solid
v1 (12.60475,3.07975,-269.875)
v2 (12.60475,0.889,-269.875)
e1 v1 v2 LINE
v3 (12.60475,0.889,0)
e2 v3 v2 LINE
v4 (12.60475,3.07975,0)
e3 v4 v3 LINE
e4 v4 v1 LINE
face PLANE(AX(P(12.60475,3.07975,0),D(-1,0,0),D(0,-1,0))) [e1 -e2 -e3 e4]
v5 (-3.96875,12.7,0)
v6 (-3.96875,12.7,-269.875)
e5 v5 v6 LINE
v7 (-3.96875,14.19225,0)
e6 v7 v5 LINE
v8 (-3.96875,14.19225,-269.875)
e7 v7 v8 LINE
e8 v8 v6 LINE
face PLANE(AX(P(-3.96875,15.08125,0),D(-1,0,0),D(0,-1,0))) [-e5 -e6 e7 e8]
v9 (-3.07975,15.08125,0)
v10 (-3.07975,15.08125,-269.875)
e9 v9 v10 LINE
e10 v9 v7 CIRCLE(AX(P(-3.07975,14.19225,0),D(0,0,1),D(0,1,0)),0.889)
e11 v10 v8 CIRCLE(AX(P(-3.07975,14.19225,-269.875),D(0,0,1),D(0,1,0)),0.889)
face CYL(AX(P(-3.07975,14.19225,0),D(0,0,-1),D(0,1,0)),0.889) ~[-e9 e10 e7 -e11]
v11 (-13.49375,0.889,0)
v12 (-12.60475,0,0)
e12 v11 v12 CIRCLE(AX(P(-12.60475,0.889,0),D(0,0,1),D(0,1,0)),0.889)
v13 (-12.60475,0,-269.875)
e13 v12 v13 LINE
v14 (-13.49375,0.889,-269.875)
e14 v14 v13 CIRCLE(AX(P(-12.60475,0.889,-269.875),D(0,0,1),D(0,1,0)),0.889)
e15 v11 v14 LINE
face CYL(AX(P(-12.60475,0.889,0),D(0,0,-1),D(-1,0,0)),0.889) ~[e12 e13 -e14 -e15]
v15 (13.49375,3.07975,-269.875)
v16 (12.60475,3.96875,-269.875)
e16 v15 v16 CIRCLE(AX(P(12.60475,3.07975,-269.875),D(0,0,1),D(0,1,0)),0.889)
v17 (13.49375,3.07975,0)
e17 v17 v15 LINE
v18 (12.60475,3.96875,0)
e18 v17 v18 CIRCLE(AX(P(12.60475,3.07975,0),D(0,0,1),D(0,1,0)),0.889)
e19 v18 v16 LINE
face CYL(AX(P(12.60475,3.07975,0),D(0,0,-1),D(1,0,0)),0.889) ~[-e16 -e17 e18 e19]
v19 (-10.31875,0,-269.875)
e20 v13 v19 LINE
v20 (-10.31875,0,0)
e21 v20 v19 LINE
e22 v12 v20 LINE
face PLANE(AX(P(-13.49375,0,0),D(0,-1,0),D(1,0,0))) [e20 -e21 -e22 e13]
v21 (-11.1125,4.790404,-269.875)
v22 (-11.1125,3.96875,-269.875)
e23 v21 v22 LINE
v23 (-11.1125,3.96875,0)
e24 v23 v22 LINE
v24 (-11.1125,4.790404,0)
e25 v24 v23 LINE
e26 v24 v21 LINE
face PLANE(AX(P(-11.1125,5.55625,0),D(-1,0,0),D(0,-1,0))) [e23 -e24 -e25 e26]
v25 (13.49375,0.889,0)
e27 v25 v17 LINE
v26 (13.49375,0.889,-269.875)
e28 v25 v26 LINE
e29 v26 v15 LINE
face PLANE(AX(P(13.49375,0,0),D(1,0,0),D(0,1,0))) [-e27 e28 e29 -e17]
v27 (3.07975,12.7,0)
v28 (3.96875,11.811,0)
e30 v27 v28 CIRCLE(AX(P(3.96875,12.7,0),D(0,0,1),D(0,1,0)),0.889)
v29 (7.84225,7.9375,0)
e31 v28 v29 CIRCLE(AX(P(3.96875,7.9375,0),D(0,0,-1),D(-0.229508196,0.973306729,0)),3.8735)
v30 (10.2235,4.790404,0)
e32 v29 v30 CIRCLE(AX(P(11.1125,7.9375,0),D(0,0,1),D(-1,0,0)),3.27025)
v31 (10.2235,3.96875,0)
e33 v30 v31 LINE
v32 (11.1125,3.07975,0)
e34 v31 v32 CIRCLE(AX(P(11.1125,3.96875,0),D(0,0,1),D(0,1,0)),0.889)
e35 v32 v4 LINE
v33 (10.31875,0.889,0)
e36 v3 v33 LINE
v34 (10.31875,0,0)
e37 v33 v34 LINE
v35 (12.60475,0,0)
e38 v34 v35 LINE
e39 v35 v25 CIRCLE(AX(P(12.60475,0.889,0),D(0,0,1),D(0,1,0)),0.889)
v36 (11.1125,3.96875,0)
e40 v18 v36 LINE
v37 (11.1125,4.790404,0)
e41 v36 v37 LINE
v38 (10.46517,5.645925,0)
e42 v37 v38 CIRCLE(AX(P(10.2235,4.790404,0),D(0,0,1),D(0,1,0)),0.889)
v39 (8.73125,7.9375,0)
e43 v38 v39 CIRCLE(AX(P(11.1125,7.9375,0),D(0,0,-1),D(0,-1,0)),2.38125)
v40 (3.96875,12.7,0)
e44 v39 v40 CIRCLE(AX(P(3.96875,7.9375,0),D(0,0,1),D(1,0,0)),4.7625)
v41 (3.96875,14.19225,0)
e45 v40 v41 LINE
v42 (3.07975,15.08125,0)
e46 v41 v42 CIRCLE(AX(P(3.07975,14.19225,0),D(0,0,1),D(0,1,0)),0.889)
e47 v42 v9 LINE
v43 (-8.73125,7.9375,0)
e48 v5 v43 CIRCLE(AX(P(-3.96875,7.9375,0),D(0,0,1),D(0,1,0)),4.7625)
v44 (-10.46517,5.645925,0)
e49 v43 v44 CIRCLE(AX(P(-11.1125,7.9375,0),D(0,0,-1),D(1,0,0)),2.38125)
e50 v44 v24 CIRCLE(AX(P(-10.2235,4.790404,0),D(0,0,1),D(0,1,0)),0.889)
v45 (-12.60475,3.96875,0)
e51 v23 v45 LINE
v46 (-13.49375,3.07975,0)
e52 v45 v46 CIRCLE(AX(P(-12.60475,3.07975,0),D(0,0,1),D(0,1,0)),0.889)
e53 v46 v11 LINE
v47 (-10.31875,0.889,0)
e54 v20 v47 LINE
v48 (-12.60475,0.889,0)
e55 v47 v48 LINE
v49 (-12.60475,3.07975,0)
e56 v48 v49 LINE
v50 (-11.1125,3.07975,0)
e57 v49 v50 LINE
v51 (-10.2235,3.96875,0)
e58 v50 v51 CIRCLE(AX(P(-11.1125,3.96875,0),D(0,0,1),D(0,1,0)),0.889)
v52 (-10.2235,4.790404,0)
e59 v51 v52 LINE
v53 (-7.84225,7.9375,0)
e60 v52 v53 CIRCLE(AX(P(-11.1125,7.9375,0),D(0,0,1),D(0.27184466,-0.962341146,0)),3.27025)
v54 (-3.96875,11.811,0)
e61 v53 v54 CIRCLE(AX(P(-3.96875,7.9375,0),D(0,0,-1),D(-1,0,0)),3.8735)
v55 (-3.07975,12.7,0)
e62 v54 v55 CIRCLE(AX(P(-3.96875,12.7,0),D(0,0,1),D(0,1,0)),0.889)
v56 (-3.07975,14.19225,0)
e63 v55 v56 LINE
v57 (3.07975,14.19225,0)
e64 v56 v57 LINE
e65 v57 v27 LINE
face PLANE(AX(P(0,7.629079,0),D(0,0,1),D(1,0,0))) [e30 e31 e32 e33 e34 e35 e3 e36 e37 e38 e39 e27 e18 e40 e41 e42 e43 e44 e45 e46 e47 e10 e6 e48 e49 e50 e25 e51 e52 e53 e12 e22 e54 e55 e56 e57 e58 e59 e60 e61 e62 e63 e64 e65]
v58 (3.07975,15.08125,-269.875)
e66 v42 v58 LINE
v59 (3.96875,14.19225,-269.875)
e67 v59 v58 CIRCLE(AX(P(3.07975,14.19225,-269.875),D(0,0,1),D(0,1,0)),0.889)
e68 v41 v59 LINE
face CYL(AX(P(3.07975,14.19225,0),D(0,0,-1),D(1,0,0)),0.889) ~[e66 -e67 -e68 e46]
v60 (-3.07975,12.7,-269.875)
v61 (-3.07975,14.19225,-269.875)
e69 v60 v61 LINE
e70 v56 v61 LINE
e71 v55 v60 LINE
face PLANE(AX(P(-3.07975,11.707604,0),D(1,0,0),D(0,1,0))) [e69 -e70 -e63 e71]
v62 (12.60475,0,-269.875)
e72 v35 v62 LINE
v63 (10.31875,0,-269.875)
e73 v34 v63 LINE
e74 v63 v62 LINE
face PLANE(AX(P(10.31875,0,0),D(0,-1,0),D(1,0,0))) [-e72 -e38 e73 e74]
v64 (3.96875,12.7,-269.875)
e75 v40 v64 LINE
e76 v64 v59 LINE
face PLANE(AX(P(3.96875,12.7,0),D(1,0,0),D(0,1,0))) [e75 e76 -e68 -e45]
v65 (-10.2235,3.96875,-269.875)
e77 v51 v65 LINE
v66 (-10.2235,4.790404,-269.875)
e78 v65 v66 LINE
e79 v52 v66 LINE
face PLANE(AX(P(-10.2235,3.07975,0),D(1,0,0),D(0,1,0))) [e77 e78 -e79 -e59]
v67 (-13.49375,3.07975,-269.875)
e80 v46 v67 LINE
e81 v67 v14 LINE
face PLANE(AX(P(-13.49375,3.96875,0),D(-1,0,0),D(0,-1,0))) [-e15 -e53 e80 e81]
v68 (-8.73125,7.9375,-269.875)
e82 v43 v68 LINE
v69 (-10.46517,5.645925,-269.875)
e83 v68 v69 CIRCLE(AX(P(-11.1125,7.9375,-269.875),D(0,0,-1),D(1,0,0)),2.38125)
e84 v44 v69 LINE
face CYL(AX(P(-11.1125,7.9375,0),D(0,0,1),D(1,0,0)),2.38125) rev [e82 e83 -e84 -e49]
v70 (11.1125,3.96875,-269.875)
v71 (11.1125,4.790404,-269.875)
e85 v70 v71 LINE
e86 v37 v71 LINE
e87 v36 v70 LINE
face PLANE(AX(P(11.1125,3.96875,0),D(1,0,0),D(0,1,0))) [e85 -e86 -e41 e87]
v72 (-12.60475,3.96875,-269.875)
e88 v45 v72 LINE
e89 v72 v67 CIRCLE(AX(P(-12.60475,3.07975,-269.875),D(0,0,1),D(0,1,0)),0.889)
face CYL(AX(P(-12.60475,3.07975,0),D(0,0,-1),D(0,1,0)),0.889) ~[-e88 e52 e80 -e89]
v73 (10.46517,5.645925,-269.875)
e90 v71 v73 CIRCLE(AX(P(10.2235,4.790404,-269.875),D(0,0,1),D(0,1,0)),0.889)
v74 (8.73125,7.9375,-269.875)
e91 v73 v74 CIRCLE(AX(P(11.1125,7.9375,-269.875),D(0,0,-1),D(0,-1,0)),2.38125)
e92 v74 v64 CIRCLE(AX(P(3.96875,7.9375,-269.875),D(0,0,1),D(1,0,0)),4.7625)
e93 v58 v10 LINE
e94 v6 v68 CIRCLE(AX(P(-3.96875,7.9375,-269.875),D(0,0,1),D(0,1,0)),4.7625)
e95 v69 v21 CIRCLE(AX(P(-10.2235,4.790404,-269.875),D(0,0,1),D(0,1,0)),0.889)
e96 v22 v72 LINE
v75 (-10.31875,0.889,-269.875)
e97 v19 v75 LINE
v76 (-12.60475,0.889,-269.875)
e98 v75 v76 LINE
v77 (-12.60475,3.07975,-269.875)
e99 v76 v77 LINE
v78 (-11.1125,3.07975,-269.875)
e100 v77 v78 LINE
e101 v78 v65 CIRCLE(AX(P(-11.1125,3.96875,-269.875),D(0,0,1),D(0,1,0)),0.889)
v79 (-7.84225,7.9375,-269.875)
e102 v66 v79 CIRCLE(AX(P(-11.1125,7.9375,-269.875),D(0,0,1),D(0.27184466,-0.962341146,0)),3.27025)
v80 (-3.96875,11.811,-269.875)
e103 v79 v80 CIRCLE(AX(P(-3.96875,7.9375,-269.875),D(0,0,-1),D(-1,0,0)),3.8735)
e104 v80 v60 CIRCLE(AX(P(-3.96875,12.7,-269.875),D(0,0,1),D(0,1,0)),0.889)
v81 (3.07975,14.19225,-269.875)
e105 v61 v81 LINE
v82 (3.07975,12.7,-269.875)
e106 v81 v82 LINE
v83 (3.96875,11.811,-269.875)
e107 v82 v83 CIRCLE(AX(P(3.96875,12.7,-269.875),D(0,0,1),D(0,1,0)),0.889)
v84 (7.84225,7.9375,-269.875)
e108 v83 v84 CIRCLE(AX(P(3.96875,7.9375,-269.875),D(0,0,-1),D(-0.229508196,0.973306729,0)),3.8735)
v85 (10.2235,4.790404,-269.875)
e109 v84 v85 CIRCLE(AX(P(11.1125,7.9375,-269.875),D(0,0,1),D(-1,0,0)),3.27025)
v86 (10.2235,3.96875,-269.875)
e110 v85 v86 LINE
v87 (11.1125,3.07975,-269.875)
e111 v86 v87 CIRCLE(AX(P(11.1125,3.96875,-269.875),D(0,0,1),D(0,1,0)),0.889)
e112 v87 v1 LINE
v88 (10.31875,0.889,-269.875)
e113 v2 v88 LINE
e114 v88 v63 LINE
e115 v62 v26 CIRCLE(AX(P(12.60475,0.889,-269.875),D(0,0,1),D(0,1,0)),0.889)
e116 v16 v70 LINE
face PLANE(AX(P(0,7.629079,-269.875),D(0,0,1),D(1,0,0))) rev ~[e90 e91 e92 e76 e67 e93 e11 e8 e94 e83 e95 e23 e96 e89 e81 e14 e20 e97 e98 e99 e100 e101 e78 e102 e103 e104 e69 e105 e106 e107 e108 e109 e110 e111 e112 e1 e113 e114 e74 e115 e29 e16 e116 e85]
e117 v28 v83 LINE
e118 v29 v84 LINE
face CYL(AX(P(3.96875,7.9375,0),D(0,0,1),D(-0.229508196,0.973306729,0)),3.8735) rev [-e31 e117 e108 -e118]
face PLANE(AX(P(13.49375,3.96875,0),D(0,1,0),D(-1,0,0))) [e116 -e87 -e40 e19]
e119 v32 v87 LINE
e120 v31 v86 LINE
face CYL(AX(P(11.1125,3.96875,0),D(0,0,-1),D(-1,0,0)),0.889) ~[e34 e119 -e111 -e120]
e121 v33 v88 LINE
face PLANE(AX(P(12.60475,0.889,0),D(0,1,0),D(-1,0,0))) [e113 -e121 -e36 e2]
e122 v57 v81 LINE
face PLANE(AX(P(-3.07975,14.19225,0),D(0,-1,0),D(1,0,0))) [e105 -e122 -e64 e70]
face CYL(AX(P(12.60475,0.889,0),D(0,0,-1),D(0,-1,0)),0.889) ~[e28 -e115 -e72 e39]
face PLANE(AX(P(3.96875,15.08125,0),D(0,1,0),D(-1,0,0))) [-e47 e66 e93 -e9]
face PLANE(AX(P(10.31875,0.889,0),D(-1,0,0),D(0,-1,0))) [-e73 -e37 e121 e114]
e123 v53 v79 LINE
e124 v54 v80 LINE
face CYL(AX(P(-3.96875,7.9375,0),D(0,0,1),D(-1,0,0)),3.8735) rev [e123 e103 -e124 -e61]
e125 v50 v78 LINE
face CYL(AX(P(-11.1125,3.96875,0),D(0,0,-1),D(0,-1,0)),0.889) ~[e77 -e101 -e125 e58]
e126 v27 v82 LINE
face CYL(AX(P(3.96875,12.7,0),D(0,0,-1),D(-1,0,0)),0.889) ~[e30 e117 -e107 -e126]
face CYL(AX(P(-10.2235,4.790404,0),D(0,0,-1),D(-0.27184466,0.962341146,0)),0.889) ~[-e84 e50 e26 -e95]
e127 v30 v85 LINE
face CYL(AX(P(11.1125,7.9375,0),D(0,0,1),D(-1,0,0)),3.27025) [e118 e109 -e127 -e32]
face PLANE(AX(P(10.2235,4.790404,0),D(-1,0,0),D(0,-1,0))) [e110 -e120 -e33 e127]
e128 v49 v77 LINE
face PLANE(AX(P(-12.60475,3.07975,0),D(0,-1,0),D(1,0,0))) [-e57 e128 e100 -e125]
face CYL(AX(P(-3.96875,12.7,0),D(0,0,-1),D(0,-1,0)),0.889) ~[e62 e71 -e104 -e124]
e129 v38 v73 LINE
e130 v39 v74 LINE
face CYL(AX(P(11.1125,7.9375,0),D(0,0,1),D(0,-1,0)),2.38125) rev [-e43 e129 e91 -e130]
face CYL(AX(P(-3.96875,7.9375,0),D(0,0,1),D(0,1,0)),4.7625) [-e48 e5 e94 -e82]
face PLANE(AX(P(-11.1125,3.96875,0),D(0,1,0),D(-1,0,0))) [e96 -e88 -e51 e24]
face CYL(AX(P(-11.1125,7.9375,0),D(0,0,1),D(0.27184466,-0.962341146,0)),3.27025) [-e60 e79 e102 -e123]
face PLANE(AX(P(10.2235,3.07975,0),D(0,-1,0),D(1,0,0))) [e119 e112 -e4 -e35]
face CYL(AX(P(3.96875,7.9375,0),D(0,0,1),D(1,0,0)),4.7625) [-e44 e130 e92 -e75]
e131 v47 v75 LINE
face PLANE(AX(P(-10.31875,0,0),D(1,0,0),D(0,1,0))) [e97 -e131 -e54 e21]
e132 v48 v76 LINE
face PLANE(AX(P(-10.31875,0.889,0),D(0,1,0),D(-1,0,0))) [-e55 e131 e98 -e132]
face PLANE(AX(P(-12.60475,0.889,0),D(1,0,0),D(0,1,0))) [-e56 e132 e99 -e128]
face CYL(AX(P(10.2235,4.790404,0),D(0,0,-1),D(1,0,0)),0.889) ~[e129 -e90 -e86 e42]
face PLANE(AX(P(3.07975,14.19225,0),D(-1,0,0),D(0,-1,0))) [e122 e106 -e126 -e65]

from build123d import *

# Parameters (mm, degrees)
EXTRUDE_THIN1_DEPTH = 269.875
FILLET1_R           = 0.889


with BuildPart() as part:
    # Sketch1 → Extrude-Thin1 (new body)
    with BuildSketch(Plane.XY):
        with BuildLine():
            Line((10.31875, 0), (13.49375, 0))
            Line((13.49375, 0), (13.49375, 3.96875))
            Line((13.49375, 3.96875), (11.1125, 3.96875))
            Line((11.1125, 3.96875), (11.1125, 5.55625))
            ThreePointArc((11.1125, 5.55625), (9.428701977, 6.253701977), (8.73125, 7.9375))
            ThreePointArc((8.73125, 7.9375), (7.336346045, 11.305096045), (3.96875, 12.7))
            Line((3.96875, 12.7), (3.96875, 15.08125))
            Line((3.96875, 15.08125), (-3.96875, 15.08125))
            Line((-3.96875, 15.08125), (-3.96875, 12.7))
            ThreePointArc((-3.96875, 12.7), (-7.336346045, 11.305096045), (-8.73125, 7.9375))
            ThreePointArc((-8.73125, 7.9375), (-9.428701977, 6.253701977), (-11.1125, 5.55625))
            Line((-11.1125, 5.55625), (-11.1125, 3.96875))
            Line((-11.1125, 3.96875), (-13.49375, 3.96875))
            Line((-13.49375, 3.96875), (-13.49375, 0))
            Line((-13.49375, 0), (-10.31875, 0))
            Line((-10.31875, 0), (-10.31875, 0.889))
            Line((-10.31875, 0.889), (-12.60475, 0.889))
            Line((-12.60475, 0.889), (-12.60475, 3.07975))
            Line((-12.60475, 3.07975), (-10.2235, 3.07975))
            Line((-10.2235, 3.07975), (-10.2235, 4.790403868))
            ThreePointArc((-10.2235, 4.790403868), (-8.504647693, 5.96426879), (-7.84225, 7.9375))
            ThreePointArc((-7.84225, 7.9375), (-6.372960967, 10.974566327), (-3.07975, 11.707603613))
            Line((-3.07975, 11.707603613), (-3.07975, 14.19225))
            Line((-3.07975, 14.19225), (3.07975, 14.19225))
            Line((3.07975, 14.19225), (3.07975, 11.707603613))
            ThreePointArc((3.07975, 11.707603613), (6.372960967, 10.974566327), (7.84225, 7.9375))
            ThreePointArc((7.84225, 7.9375), (8.504647693, 5.96426879), (10.2235, 4.790403868))
            Line((10.2235, 4.790403868), (10.2235, 3.07975))
            Line((10.2235, 3.07975), (12.60475, 3.07975))
            Line((12.60475, 3.07975), (12.60475, 0.889))
            Line((12.60475, 0.889), (10.31875, 0.889))
            Line((10.31875, 0.889), (10.31875, 0))
        make_face()
    extrude(amount=-EXTRUDE_THIN1_DEPTH)

    # Fillet1
    fillet1_edges = [part.edges().sort_by_distance(p)[0] for p in [
        (-13.49375, 0, -134.9375),
        (-13.49375, 3.96875, -134.9375),
        (-11.1125, 5.55625, -134.9375),
        (-3.96875, 15.08125, -134.9375),
        (3.96875, 15.08125, -134.9375),
        (11.1125, 5.55625, -134.9375),
        (13.49375, 3.96875, -134.9375),
        (13.49375, 0, -134.9375),
        (10.2235, 3.07975, -134.9375),
        (3.07975, 11.707603613, -134.9375),
        (-3.07975, 11.707603613, -134.9375),
        (-10.2235, 3.07975, -134.9375),
    ]]
    fillet(fillet1_edges, radius=FILLET1_R)


solid = part.part
